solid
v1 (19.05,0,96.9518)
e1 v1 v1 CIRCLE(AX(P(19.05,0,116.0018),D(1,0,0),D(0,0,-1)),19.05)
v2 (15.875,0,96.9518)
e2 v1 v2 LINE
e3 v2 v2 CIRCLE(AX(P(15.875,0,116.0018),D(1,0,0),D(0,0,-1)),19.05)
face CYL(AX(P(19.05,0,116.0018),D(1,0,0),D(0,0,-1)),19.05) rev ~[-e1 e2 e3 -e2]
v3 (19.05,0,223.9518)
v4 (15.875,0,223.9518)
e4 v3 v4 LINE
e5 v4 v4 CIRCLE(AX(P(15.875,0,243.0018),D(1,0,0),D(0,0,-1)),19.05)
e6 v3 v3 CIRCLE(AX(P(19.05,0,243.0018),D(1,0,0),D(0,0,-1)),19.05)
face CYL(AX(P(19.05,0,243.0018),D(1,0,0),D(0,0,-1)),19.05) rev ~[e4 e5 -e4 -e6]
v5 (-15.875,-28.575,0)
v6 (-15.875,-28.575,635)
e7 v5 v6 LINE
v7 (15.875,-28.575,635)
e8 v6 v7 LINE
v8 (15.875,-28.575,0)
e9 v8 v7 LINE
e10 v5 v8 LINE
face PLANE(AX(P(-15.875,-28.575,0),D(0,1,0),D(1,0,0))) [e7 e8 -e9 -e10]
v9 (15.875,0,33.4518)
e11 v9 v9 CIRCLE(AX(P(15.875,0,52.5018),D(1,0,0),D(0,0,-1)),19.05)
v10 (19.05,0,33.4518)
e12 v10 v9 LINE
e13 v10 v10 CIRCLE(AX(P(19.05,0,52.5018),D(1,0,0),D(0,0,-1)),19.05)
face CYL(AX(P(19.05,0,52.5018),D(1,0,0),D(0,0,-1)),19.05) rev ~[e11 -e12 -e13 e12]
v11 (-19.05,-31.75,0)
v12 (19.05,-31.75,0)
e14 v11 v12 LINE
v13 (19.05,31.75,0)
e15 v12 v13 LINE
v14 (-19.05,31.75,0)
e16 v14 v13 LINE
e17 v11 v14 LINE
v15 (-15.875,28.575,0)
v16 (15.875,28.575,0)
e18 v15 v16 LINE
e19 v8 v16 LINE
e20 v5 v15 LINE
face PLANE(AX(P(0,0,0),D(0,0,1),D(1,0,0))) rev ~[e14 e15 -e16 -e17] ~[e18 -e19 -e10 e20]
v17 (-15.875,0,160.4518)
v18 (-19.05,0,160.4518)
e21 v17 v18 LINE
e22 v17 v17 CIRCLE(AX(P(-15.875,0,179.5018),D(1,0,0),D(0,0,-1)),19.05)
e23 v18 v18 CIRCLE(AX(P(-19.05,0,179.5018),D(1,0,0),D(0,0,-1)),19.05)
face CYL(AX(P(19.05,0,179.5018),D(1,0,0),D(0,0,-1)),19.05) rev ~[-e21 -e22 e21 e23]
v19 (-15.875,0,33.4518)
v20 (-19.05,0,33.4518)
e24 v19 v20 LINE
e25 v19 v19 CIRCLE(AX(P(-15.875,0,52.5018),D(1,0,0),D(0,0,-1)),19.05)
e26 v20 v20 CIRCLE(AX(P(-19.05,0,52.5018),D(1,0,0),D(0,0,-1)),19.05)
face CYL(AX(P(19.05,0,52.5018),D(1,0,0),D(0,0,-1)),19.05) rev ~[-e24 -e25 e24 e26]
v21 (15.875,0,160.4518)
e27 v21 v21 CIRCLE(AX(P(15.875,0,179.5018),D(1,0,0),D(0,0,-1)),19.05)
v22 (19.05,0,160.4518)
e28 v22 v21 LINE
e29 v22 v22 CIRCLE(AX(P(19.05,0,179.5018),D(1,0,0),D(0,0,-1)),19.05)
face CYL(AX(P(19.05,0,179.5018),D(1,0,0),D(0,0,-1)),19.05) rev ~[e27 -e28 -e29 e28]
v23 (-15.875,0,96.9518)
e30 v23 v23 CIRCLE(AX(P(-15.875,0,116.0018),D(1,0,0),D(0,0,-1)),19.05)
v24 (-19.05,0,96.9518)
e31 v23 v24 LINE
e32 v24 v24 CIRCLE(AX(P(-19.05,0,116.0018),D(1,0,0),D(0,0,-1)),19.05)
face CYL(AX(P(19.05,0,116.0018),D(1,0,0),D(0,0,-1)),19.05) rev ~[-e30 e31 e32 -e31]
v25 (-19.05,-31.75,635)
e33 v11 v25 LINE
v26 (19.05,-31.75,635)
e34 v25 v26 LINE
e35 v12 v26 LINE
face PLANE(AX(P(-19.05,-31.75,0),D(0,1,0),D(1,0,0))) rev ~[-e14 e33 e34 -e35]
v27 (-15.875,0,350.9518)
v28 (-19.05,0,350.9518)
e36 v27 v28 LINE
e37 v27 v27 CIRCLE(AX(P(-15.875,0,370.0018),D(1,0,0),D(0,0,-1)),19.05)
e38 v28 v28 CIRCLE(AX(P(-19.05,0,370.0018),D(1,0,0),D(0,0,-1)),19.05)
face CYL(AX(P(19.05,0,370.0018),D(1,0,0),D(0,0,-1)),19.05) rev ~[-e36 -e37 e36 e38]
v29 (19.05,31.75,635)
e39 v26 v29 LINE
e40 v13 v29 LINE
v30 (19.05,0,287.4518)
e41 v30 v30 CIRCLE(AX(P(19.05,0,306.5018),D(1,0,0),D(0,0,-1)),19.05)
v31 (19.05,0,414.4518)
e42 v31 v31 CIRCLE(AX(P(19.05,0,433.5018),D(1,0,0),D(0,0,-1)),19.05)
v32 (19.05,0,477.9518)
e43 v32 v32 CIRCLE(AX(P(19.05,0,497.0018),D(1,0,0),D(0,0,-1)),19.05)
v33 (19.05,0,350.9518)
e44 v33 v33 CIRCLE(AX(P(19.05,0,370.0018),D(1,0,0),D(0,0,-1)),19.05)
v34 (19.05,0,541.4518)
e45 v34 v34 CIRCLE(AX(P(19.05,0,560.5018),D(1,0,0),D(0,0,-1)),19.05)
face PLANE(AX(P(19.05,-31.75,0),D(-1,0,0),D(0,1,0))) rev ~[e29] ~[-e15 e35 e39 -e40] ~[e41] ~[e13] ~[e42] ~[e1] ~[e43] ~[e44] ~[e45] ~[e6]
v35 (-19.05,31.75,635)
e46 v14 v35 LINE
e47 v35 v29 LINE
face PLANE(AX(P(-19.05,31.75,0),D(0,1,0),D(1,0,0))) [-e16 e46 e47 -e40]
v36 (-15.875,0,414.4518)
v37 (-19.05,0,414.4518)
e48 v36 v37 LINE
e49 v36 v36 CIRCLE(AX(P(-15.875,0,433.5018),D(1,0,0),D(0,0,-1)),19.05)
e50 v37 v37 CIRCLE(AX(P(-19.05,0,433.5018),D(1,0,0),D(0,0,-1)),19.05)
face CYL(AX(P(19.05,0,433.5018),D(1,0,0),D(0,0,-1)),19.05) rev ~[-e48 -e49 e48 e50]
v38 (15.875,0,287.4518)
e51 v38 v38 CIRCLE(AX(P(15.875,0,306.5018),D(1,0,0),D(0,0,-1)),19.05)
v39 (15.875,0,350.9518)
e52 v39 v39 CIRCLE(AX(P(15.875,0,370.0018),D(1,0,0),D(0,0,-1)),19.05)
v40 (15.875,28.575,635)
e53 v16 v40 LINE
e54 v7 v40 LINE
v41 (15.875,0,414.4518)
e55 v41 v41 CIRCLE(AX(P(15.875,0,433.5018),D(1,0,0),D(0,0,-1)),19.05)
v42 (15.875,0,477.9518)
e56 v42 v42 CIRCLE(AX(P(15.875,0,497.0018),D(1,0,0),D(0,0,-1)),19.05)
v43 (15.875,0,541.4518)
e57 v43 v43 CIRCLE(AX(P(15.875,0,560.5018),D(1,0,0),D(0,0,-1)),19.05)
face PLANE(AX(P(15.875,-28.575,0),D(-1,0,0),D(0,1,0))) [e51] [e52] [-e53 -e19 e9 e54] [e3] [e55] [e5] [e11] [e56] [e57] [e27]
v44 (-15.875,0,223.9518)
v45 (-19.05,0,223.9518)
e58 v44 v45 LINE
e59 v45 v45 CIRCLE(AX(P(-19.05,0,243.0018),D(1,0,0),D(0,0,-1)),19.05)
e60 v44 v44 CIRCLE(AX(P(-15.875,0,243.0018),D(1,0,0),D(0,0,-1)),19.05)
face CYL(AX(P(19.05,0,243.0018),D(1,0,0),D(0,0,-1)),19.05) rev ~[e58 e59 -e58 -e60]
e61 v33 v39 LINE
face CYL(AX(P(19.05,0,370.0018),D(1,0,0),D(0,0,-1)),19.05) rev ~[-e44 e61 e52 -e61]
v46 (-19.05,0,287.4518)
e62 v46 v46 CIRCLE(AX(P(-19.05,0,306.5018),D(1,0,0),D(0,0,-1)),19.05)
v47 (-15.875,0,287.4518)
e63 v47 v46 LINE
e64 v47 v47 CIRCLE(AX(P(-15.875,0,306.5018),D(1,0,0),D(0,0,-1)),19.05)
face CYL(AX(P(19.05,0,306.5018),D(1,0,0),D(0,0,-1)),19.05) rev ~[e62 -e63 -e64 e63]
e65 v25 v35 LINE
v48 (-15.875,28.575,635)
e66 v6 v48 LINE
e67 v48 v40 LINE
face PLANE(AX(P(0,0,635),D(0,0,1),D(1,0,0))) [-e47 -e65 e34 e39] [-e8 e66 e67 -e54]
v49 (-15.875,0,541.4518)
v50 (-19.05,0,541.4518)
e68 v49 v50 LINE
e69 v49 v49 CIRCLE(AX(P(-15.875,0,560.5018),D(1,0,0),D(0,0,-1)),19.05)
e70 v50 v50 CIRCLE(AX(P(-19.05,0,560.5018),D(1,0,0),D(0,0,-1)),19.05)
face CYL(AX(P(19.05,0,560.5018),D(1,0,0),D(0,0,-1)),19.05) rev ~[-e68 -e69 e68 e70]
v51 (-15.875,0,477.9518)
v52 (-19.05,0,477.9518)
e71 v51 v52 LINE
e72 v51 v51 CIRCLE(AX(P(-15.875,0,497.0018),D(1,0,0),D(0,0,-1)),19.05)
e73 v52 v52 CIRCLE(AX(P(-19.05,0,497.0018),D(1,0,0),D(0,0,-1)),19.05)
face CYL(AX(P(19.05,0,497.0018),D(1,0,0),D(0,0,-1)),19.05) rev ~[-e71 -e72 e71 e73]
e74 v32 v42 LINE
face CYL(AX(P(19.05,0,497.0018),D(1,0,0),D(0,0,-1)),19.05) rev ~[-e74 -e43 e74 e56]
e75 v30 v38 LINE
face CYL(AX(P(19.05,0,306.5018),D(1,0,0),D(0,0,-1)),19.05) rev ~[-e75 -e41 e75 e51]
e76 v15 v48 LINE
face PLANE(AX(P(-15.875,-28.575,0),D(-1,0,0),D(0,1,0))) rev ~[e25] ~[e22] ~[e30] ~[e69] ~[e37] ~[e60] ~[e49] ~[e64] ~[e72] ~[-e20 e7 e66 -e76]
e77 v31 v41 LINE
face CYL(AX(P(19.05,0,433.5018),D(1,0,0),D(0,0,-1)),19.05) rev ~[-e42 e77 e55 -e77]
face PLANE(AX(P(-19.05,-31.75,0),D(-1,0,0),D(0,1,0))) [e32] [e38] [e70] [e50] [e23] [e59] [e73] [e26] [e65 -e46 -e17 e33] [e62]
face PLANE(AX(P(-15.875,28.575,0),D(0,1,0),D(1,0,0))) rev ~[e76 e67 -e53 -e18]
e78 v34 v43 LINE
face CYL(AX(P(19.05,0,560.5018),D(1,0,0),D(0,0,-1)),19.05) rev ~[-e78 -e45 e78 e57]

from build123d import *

# Parameters (mm, degrees)
SKETCH1_W           = 38.1
SKETCH1_H           = 63.5
SKETCH1_W_2         = 31.75
SKETCH1_H_2         = 57.15
BOSS_EXTRUDE1_DEPTH = 635
CUT_EXTRUDE1_REACH  = 638.934
SKETCH2_R           = 19.05


with BuildPart() as part:
    # Sketch1 → Boss-Extrude1 (new body)
    with BuildSketch(Plane.XY):
        Rectangle(SKETCH1_W, SKETCH1_H)
        Rectangle(SKETCH1_W_2, SKETCH1_H_2, mode=Mode.SUBTRACT)
    extrude(amount=BOSS_EXTRUDE1_DEPTH)

    # Cut-Extrude1: up to this face of the body (flat: up to its plane)
    cut_extrude1_end = Plane(part.part.faces().sort_by_distance((-19.05, 0, 317.5))[0])
    # Sketch2 → Cut-Extrude1 (cut, up to the picked face)
    with BuildSketch(Plane(origin=(19.05, 0, 0), x_dir=(0, 0, -1), z_dir=(1, 0, 0)), mode=Mode.PRIVATE) as cut_extrude1_sk1:
        with Locations((-560.5018, 0)):
            Circle(SKETCH2_R)
    cut_extrude1_tool1 = split(extrude(cut_extrude1_sk1.sketch, amount=-CUT_EXTRUDE1_REACH, mode=Mode.PRIVATE), bisect_by=cut_extrude1_end, keep=Keep.BOTH, mode=Mode.PRIVATE)
    # Sketch2 → Cut-Extrude1 (cut, up to the picked face)
    with BuildSketch(Plane(origin=(19.05, 0, 0), x_dir=(0, 0, -1), z_dir=(1, 0, 0)), mode=Mode.PRIVATE) as cut_extrude1_sk2:
        with Locations((-497.0018, 0)):
            Circle(SKETCH2_R)
    cut_extrude1_tool2 = split(extrude(cut_extrude1_sk2.sketch, amount=-CUT_EXTRUDE1_REACH, mode=Mode.PRIVATE), bisect_by=cut_extrude1_end, keep=Keep.BOTH, mode=Mode.PRIVATE)
    # Sketch2 → Cut-Extrude1 (cut, up to the picked face)
    with BuildSketch(Plane(origin=(19.05, 0, 0), x_dir=(0, 0, -1), z_dir=(1, 0, 0)), mode=Mode.PRIVATE) as cut_extrude1_sk3:
        with Locations((-433.5018, 0)):
            Circle(SKETCH2_R)
    cut_extrude1_tool3 = split(extrude(cut_extrude1_sk3.sketch, amount=-CUT_EXTRUDE1_REACH, mode=Mode.PRIVATE), bisect_by=cut_extrude1_end, keep=Keep.BOTH, mode=Mode.PRIVATE)
    # Sketch2 → Cut-Extrude1 (cut, up to the picked face)
    with BuildSketch(Plane(origin=(19.05, 0, 0), x_dir=(0, 0, -1), z_dir=(1, 0, 0)), mode=Mode.PRIVATE) as cut_extrude1_sk4:
        with Locations((-370.0018, 0)):
            Circle(SKETCH2_R)
    cut_extrude1_tool4 = split(extrude(cut_extrude1_sk4.sketch, amount=-CUT_EXTRUDE1_REACH, mode=Mode.PRIVATE), bisect_by=cut_extrude1_end, keep=Keep.BOTH, mode=Mode.PRIVATE)
    # Sketch2 → Cut-Extrude1 (cut, up to the picked face)
    with BuildSketch(Plane(origin=(19.05, 0, 0), x_dir=(0, 0, -1), z_dir=(1, 0, 0)), mode=Mode.PRIVATE) as cut_extrude1_sk5:
        with Locations((-306.5018, 0)):
            Circle(SKETCH2_R)
    cut_extrude1_tool5 = split(extrude(cut_extrude1_sk5.sketch, amount=-CUT_EXTRUDE1_REACH, mode=Mode.PRIVATE), bisect_by=cut_extrude1_end, keep=Keep.BOTH, mode=Mode.PRIVATE)
    # Sketch2 → Cut-Extrude1 (cut, up to the picked face)
    with BuildSketch(Plane(origin=(19.05, 0, 0), x_dir=(0, 0, -1), z_dir=(1, 0, 0)), mode=Mode.PRIVATE) as cut_extrude1_sk6:
        with Locations((-243.0018, 0)):
            Circle(SKETCH2_R)
    cut_extrude1_tool6 = split(extrude(cut_extrude1_sk6.sketch, amount=-CUT_EXTRUDE1_REACH, mode=Mode.PRIVATE), bisect_by=cut_extrude1_end, keep=Keep.BOTH, mode=Mode.PRIVATE)
    # Sketch2 → Cut-Extrude1 (cut, up to the picked face)
    with BuildSketch(Plane(origin=(19.05, 0, 0), x_dir=(0, 0, -1), z_dir=(1, 0, 0)), mode=Mode.PRIVATE) as cut_extrude1_sk7:
        with Locations((-179.5018, 0)):
            Circle(SKETCH2_R)
    cut_extrude1_tool7 = split(extrude(cut_extrude1_sk7.sketch, amount=-CUT_EXTRUDE1_REACH, mode=Mode.PRIVATE), bisect_by=cut_extrude1_end, keep=Keep.BOTH, mode=Mode.PRIVATE)
    # Sketch2 → Cut-Extrude1 (cut, up to the picked face)
    with BuildSketch(Plane(origin=(19.05, 0, 0), x_dir=(0, 0, -1), z_dir=(1, 0, 0)), mode=Mode.PRIVATE) as cut_extrude1_sk8:
        with Locations((-116.0018, 0)):
            Circle(SKETCH2_R)
    cut_extrude1_tool8 = split(extrude(cut_extrude1_sk8.sketch, amount=-CUT_EXTRUDE1_REACH, mode=Mode.PRIVATE), bisect_by=cut_extrude1_end, keep=Keep.BOTH, mode=Mode.PRIVATE)
    # Sketch2 → Cut-Extrude1 (cut, up to the picked face)
    with BuildSketch(Plane(origin=(19.05, 0, 0), x_dir=(0, 0, -1), z_dir=(1, 0, 0)), mode=Mode.PRIVATE) as cut_extrude1_sk9:
        with Locations((-52.5018, 0)):
            Circle(SKETCH2_R)
    cut_extrude1_tool9 = split(extrude(cut_extrude1_sk9.sketch, amount=-CUT_EXTRUDE1_REACH, mode=Mode.PRIVATE), bisect_by=cut_extrude1_end, keep=Keep.BOTH, mode=Mode.PRIVATE)
    add(cut_extrude1_tool1.solids().sort_by(Axis((19.05, 0, 560.5018), (-1, 0, 0)))[0], mode=Mode.SUBTRACT)
    add(cut_extrude1_tool2.solids().sort_by(Axis((19.05, 0, 497.0018), (-1, 0, 0)))[0], mode=Mode.SUBTRACT)
    add(cut_extrude1_tool3.solids().sort_by(Axis((19.05, 0, 433.5018), (-1, 0, 0)))[0], mode=Mode.SUBTRACT)
    add(cut_extrude1_tool4.solids().sort_by(Axis((19.05, 0, 370.0018), (-1, 0, 0)))[0], mode=Mode.SUBTRACT)
    add(cut_extrude1_tool5.solids().sort_by(Axis((19.05, 0, 306.5018), (-1, 0, 0)))[0], mode=Mode.SUBTRACT)
    add(cut_extrude1_tool6.solids().sort_by(Axis((19.05, 0, 243.0018), (-1, 0, 0)))[0], mode=Mode.SUBTRACT)
    add(cut_extrude1_tool7.solids().sort_by(Axis((19.05, 0, 179.5018), (-1, 0, 0)))[0], mode=Mode.SUBTRACT)
    add(cut_extrude1_tool8.solids().sort_by(Axis((19.05, 0, 116.0018), (-1, 0, 0)))[0], mode=Mode.SUBTRACT)
    add(cut_extrude1_tool9.solids().sort_by(Axis((19.05, 0, 52.5018), (-1, 0, 0)))[0], mode=Mode.SUBTRACT)


solid = part.part
